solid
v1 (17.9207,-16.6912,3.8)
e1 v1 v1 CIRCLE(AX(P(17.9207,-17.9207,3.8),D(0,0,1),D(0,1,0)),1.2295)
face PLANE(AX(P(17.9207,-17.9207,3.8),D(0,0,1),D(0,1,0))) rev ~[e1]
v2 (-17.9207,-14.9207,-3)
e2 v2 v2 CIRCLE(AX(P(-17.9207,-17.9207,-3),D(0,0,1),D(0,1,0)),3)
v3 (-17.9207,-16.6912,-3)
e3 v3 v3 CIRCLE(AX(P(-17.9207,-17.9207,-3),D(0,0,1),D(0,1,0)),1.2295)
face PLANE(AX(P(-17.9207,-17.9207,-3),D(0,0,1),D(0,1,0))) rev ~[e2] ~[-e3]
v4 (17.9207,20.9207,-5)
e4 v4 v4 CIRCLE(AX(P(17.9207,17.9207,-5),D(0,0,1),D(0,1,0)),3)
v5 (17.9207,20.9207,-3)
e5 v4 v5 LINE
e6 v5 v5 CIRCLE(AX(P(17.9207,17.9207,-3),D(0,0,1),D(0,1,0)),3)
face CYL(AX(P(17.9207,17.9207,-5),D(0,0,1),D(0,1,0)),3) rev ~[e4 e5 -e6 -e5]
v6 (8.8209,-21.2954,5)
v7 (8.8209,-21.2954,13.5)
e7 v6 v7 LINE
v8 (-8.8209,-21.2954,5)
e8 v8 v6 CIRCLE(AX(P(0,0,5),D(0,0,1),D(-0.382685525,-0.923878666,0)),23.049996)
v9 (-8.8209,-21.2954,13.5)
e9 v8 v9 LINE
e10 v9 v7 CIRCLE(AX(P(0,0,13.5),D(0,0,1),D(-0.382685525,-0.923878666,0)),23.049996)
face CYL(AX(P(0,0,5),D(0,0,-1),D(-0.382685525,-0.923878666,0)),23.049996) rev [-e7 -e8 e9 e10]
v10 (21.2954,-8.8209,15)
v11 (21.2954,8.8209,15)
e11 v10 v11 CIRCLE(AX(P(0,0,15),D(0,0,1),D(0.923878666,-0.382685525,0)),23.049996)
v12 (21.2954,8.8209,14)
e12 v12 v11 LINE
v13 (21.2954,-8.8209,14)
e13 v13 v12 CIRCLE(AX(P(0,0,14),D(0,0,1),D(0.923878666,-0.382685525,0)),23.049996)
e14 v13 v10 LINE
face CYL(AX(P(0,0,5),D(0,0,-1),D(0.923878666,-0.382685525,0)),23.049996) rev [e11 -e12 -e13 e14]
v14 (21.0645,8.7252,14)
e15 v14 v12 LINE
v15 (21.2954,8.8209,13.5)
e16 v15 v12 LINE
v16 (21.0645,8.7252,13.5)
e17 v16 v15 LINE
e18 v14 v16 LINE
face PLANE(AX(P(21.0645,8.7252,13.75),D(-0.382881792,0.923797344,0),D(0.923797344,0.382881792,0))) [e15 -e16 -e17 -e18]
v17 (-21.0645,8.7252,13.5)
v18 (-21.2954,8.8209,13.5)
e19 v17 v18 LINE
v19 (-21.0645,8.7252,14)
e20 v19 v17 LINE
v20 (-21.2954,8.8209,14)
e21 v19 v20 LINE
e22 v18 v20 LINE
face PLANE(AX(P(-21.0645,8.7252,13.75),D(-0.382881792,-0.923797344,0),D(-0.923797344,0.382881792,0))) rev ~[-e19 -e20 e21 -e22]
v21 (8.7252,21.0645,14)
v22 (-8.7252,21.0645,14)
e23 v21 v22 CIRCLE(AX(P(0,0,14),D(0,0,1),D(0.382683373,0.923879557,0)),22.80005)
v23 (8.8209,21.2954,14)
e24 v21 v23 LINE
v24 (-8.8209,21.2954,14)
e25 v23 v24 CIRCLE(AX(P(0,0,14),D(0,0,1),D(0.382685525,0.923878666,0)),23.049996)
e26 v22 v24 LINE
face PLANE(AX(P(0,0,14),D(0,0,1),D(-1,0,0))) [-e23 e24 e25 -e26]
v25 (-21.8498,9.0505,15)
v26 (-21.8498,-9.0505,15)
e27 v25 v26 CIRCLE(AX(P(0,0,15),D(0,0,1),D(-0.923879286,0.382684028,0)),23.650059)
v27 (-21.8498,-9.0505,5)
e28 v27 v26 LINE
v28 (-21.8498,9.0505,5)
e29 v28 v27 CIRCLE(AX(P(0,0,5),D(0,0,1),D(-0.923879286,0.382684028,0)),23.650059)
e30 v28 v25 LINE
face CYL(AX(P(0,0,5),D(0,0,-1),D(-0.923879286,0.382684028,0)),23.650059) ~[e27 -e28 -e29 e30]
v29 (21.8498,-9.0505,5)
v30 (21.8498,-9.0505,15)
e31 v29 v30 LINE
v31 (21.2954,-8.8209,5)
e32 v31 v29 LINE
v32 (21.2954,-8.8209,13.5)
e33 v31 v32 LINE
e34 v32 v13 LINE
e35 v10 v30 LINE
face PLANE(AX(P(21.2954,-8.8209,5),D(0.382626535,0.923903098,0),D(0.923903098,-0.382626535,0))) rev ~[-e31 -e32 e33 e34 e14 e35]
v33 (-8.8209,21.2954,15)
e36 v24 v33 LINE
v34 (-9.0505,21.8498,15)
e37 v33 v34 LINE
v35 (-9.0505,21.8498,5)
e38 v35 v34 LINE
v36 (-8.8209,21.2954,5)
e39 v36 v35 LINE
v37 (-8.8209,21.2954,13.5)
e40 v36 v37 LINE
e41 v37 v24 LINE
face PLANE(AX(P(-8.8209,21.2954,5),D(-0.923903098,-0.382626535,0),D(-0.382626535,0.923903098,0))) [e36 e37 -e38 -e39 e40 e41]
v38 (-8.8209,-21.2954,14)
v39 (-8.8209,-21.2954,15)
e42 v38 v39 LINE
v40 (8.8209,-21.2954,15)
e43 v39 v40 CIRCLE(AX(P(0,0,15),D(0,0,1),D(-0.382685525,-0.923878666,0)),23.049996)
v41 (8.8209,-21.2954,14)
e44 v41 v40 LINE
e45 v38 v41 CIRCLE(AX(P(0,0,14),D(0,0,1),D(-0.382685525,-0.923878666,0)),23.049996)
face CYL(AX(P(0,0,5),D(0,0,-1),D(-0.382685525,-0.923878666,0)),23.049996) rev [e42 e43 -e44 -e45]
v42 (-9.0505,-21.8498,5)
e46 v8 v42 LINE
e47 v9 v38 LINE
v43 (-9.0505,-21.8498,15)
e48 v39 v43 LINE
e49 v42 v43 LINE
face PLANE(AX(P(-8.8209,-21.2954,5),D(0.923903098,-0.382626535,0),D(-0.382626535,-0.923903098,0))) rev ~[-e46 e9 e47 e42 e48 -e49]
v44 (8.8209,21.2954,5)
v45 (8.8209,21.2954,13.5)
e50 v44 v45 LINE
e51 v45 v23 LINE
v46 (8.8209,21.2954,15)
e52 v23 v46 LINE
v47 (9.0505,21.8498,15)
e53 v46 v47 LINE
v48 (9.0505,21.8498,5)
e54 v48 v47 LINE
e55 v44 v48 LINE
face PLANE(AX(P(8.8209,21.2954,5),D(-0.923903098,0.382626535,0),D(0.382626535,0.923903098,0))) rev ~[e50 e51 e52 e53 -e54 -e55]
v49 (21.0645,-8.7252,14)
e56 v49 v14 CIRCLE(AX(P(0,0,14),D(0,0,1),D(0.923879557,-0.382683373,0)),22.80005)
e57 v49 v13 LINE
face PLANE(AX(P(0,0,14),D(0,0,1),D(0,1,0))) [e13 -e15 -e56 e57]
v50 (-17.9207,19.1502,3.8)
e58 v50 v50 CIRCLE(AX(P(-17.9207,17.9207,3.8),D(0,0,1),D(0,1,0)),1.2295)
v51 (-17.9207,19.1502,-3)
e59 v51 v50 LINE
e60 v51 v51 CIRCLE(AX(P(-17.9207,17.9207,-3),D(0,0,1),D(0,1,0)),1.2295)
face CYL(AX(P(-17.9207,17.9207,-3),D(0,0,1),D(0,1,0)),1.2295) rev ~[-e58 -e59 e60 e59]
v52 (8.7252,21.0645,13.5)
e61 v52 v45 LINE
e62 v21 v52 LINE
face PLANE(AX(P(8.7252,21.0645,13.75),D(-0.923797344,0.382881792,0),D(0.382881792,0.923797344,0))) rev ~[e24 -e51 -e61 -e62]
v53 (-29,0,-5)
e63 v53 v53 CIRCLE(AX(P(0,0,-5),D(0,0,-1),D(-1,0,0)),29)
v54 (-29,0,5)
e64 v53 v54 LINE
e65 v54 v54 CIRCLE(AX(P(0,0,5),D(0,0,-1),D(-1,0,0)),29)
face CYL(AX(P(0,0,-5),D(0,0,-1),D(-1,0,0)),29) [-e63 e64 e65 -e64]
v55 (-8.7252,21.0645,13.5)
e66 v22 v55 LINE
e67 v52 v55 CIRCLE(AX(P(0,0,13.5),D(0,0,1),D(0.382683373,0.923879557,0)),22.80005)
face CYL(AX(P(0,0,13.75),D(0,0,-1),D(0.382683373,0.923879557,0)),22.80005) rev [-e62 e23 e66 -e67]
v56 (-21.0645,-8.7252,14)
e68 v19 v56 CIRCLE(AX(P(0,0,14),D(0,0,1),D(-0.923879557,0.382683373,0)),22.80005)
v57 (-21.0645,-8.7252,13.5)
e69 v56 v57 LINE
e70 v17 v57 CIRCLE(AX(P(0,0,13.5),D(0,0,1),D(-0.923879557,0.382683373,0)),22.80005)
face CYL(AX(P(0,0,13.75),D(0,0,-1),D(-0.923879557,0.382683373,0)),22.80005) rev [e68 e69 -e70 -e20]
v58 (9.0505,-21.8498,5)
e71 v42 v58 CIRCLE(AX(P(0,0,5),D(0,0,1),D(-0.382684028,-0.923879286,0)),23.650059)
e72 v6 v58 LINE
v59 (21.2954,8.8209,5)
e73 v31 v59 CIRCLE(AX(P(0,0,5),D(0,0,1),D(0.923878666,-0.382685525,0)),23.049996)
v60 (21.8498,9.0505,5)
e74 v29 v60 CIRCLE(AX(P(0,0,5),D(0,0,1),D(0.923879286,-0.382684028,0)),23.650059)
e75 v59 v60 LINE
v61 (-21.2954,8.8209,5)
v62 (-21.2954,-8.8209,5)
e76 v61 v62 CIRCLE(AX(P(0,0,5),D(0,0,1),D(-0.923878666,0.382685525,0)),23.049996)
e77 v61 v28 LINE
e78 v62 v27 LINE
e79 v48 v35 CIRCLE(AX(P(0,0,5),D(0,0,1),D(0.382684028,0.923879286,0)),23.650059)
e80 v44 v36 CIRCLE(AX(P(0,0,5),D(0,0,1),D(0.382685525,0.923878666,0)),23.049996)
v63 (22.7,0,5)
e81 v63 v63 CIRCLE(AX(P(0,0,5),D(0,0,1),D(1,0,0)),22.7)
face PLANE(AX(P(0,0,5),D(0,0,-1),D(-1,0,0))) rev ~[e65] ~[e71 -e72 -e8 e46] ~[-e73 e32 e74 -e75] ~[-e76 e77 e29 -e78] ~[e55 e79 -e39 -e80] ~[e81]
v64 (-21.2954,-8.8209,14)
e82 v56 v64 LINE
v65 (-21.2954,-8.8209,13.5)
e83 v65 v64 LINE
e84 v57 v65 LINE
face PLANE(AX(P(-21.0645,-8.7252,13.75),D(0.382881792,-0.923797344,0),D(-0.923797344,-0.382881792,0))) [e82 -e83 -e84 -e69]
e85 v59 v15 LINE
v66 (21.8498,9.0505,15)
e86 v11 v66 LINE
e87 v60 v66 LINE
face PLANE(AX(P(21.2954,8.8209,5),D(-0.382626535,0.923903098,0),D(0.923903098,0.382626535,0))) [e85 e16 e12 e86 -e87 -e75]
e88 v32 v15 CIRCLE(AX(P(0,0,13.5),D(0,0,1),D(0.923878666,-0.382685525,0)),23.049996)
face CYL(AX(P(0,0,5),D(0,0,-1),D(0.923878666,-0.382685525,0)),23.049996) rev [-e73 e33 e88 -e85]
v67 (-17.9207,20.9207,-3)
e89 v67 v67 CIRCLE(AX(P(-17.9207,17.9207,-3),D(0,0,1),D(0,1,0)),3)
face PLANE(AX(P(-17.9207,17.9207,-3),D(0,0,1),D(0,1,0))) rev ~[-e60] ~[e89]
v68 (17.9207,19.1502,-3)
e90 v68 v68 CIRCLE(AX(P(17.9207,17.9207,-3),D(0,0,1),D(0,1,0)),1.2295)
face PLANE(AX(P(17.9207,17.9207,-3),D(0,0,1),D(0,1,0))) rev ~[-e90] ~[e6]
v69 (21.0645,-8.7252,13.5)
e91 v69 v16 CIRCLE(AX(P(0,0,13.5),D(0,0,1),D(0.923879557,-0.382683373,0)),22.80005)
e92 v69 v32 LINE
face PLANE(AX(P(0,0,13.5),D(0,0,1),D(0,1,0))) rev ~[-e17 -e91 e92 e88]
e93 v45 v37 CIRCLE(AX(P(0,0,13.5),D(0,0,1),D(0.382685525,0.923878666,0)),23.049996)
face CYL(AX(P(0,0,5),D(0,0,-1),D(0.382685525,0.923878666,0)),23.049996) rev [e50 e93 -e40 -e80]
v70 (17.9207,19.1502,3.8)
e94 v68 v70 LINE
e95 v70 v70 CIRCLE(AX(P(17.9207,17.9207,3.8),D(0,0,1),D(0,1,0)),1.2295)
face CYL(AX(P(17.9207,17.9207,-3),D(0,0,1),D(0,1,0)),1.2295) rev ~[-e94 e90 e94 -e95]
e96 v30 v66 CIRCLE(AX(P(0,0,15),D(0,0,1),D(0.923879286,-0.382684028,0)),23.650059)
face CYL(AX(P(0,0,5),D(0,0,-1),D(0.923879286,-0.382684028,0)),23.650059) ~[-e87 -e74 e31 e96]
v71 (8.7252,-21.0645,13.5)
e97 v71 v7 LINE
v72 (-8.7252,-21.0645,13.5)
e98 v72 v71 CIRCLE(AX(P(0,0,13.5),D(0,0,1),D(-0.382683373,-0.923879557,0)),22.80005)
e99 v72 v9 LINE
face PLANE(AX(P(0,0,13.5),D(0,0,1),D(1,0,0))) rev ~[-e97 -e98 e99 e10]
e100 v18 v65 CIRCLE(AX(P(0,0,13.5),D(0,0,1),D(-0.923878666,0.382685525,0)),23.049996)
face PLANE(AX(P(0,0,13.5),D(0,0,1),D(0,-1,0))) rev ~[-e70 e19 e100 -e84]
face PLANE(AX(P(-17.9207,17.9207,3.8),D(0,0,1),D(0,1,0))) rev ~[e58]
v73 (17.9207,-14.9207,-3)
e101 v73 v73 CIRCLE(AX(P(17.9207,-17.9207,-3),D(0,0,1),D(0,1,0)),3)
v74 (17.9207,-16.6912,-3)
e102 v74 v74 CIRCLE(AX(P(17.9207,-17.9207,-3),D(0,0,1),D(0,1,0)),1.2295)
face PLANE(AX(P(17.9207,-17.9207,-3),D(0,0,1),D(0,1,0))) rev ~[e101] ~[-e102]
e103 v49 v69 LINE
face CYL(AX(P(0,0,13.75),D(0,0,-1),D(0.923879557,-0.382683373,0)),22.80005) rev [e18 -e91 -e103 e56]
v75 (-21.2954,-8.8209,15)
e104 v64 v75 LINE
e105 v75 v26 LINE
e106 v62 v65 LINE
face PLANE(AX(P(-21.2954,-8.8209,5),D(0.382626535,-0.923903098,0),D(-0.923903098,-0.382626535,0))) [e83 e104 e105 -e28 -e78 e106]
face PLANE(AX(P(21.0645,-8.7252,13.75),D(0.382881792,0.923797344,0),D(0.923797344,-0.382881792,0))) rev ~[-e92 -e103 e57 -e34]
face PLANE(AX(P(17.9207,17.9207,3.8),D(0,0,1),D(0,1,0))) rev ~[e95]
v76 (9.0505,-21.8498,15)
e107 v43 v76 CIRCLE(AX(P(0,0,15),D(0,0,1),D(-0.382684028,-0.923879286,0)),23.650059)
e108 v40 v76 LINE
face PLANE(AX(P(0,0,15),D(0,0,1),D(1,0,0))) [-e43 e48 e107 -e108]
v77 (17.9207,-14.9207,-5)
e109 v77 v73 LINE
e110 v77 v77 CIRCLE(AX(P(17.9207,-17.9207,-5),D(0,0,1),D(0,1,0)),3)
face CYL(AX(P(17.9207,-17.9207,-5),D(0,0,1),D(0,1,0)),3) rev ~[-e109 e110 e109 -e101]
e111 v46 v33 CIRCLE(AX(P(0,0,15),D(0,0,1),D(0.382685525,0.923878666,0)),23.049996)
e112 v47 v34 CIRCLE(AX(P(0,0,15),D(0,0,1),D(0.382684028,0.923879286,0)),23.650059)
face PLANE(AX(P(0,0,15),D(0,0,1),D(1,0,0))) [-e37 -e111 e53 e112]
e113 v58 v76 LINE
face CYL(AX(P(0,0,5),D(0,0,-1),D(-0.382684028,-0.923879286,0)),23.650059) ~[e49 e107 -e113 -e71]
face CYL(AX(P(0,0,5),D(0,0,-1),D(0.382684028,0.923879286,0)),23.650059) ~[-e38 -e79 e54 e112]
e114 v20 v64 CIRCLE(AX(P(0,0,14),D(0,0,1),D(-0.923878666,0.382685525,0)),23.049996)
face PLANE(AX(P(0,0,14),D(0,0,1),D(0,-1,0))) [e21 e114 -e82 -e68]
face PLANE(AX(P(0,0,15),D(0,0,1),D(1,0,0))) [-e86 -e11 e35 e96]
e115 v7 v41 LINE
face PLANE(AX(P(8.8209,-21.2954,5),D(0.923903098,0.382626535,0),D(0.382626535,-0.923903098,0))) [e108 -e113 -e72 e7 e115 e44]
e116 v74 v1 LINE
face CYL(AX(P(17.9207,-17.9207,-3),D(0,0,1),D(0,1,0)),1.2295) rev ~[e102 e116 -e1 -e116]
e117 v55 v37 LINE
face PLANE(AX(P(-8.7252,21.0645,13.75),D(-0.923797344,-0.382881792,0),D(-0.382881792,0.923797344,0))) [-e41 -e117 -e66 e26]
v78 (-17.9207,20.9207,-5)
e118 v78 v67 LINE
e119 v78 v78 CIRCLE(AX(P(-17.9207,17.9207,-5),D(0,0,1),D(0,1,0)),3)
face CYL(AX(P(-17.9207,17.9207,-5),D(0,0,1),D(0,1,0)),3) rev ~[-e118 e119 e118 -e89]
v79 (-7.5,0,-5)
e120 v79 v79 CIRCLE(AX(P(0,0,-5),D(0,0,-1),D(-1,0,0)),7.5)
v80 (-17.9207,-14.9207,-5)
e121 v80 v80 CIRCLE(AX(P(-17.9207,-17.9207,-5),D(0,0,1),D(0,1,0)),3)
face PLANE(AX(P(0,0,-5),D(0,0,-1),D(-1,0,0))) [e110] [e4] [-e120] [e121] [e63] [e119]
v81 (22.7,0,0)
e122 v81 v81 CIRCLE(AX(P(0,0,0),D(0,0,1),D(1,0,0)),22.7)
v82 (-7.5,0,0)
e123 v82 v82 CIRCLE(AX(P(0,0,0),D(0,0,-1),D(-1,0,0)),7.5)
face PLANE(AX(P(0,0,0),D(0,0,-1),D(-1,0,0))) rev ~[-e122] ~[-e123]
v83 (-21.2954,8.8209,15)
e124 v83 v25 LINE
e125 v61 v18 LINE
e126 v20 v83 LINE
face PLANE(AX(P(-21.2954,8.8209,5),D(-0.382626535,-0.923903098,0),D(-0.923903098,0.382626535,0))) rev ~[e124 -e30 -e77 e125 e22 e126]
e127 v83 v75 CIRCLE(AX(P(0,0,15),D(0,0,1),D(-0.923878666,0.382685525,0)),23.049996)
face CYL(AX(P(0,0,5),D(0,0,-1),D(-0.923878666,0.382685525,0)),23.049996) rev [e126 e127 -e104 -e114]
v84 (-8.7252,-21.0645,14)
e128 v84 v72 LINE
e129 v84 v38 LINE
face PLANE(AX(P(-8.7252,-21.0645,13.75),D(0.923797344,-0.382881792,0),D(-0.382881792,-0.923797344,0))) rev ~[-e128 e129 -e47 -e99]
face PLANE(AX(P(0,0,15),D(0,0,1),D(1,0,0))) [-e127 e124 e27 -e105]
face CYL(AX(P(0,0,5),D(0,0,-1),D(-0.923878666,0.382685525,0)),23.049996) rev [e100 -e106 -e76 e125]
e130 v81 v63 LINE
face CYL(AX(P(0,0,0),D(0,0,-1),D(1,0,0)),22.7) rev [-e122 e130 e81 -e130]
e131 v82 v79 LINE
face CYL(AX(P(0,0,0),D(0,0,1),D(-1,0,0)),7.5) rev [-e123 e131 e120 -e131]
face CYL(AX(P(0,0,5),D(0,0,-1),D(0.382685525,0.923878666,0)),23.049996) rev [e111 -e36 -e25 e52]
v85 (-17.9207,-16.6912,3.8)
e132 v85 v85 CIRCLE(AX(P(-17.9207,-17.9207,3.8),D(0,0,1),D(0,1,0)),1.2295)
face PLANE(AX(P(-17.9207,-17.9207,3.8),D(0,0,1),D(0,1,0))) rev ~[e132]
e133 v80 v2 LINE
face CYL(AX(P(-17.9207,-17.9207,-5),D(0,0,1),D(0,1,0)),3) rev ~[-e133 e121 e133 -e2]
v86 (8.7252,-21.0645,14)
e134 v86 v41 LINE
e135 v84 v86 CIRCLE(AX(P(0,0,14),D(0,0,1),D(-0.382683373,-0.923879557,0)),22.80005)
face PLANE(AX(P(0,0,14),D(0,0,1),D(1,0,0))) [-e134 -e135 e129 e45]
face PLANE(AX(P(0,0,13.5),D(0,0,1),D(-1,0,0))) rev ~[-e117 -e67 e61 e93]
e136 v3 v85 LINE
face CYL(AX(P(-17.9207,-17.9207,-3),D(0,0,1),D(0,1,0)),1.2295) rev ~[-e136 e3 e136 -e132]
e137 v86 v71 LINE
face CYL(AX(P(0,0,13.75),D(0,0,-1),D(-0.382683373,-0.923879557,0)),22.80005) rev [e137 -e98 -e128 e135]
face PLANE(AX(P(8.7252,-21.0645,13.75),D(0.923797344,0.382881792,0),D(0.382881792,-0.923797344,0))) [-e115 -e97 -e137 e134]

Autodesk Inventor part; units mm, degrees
ref_plane "YZ Plane" through (0, 0, 0) normal (1, 0, 0) x (0, 1, 0)
ref_plane "XZ Plane" through (0, 0, 0) normal (0, 1, 0) x (-1, 0, 0)
sketch "Sketch1" plane through (0, 0, 0) normal (0, 0, 1) x (1, 0, 0)
  circle A0 centre (0, 0) radius 24
  circle A1 centre (0, 0) radius 22.7
  dimension "d0" = 48
  dimension "d1" = 45.4
extrude "Extrusion1" add sketch "Sketch1" along normal blind 5
sketch "Sketch2" plane through (0, 0, 0) normal (0, 0, -1) x (-1, 0, 0)
  circle A0 centre (0, 0) radius 24 projected
  circle A1 centre (0, 0) radius 7.5
  dimension "d4" = 15
extrude "Extrusion2" add sketch "Sketch2" along normal blind 5
sketch "Sketch3" plane through (0, 0, 5) normal (0, 0, 1) x (1, 0, 0)
  circle A0 centre (0, 0) radius 22.7 projected
  circle A1 centre (0, 0) radius 24 projected
  arc A2 (8.8209, 21.2954) -> (-8.8209, 21.2954) centre (0, 0) ccw
  arc A3 (9.0505, 21.8498) -> (-9.0505, 21.8498) centre (0, 0) ccw
  circle A4 centre (0, 0) radius 7.5 projected
  line L0 (0, 0) -> (0, 19.001)
  line L1 (-8.8209, 21.2954) -> (-9.0505, 21.8498)
  line L2 (8.8209, 21.2954) -> (9.0505, 21.8498)
  arc A5 (-21.2954, 8.8209) -> (-21.2954, -8.8209) centre (0, 0) ccw
  arc A6 (-21.8498, 9.0505) -> (-21.8498, -9.0505) centre (0, 0) ccw
  line L3 (-21.2954, -8.8209) -> (-21.8498, -9.0505)
  line L4 (-21.2954, 8.8209) -> (-21.8498, 9.0505)
  arc A7 (-8.8209, -21.2954) -> (8.8209, -21.2954) centre (0, 0) ccw
  arc A8 (-9.0505, -21.8498) -> (9.0505, -21.8498) centre (0, 0) ccw
  line L5 (8.8209, -21.2954) -> (9.0505, -21.8498)
  line L6 (-8.8209, -21.2954) -> (-9.0505, -21.8498)
  arc A9 (21.2954, -8.8209) -> (21.2954, 8.8209) centre (0, 0) ccw
  arc A10 (21.8498, -9.0505) -> (21.8498, 9.0505) centre (0, 0) ccw
  line L7 (21.2954, 8.8209) -> (21.8498, 9.0505)
  line L8 (21.2954, -8.8209) -> (21.8498, -9.0505)
  point P0 (-19.001, 0)
  point P1 (0, -19.001)
  point P2 (19.001, 0)
  dimension "d7" = 0.35
  dimension "d8" = 0.35
  dimension "d13" = 360
extrude "Extrusion3" add sketch "Sketch3" along normal blind 10 contours A2 L1 A3 L2 | A5 L3 A6 L4 | A7 L5 A8 L6 | A9 L7 A10 L8
ref_plane "Work Plane2" through (0, 0, 13.75) normal (0, 0, 1) x (1, 0, 0)
sketch "Sketch6" plane through (0, 0, 13.75) normal (0, 0, 1) x (1, 0, 0)
  arc A0 (-8.8209, -21.2954) -> (8.8209, -21.2954) centre (0, 0) ccw projected
  arc A1 (-8.7252, -21.0645) -> (8.7252, -21.0645) centre (0, 0) ccw
  line L0 (-8.7252, -21.0645) -> (-8.8209, -21.2954)
  line L1 (8.7252, -21.0645) -> (8.8209, -21.2954)
  dimension "d19" = 0.25
extrude "Extrusion4" add sketch "Sketch6" along normal mid plane 0.5
pattern_circular "Circular Pattern1" count 4 over 360 about axis through (0, 0, -10) along (0, 0, 1) of "Extrusion4"
sketch "Sketch7" plane through (0, 0, -5) normal (0, 0, -1) x (-1, 0, 0)
  circle A0 centre (0, 0) radius 7.5 projected
  circle A1 centre (0, 0) radius 29
  circle A2 centre (0, 0) radius 24 projected
  dimension "d26" = 58
extrude "Extrusion5" add sketch "Sketch7" against normal blind 10 contours A1
sketch "Sketch8" plane through (0, 0, -5) normal (0, 0, -1) x (-1, 0, 0)
  circle A0 centre (17.9207, 17.9207) radius 1.425
  circle A1 centre (17.9207, -17.9207) radius 1.425
  circle A2 centre (-17.9207, -17.9207) radius 1.425
  circle A3 centre (-17.9207, 17.9207) radius 1.425
  point P0 (0, 0)
  point P1 (0, 0)
hole "Hole1" at (17.9207, 17.9207, -5) at (17.9207, -17.9207, -5) at (-17.9207, -17.9207, -5) at (-17.9207, 17.9207, -5) direction (0, 0, 1) diameter 2.459 depth 8.8 counterbore diameter 6 counterbore depth 2 thread size "M3x0.5" class "6H" standard "ISO Metric profile"
equation "\"d10\" = 0.5 * d9"
equation "\"d9\" = 45deg"
properties part number "Housing of planetary gearbox" material "Steel, Alloy"
